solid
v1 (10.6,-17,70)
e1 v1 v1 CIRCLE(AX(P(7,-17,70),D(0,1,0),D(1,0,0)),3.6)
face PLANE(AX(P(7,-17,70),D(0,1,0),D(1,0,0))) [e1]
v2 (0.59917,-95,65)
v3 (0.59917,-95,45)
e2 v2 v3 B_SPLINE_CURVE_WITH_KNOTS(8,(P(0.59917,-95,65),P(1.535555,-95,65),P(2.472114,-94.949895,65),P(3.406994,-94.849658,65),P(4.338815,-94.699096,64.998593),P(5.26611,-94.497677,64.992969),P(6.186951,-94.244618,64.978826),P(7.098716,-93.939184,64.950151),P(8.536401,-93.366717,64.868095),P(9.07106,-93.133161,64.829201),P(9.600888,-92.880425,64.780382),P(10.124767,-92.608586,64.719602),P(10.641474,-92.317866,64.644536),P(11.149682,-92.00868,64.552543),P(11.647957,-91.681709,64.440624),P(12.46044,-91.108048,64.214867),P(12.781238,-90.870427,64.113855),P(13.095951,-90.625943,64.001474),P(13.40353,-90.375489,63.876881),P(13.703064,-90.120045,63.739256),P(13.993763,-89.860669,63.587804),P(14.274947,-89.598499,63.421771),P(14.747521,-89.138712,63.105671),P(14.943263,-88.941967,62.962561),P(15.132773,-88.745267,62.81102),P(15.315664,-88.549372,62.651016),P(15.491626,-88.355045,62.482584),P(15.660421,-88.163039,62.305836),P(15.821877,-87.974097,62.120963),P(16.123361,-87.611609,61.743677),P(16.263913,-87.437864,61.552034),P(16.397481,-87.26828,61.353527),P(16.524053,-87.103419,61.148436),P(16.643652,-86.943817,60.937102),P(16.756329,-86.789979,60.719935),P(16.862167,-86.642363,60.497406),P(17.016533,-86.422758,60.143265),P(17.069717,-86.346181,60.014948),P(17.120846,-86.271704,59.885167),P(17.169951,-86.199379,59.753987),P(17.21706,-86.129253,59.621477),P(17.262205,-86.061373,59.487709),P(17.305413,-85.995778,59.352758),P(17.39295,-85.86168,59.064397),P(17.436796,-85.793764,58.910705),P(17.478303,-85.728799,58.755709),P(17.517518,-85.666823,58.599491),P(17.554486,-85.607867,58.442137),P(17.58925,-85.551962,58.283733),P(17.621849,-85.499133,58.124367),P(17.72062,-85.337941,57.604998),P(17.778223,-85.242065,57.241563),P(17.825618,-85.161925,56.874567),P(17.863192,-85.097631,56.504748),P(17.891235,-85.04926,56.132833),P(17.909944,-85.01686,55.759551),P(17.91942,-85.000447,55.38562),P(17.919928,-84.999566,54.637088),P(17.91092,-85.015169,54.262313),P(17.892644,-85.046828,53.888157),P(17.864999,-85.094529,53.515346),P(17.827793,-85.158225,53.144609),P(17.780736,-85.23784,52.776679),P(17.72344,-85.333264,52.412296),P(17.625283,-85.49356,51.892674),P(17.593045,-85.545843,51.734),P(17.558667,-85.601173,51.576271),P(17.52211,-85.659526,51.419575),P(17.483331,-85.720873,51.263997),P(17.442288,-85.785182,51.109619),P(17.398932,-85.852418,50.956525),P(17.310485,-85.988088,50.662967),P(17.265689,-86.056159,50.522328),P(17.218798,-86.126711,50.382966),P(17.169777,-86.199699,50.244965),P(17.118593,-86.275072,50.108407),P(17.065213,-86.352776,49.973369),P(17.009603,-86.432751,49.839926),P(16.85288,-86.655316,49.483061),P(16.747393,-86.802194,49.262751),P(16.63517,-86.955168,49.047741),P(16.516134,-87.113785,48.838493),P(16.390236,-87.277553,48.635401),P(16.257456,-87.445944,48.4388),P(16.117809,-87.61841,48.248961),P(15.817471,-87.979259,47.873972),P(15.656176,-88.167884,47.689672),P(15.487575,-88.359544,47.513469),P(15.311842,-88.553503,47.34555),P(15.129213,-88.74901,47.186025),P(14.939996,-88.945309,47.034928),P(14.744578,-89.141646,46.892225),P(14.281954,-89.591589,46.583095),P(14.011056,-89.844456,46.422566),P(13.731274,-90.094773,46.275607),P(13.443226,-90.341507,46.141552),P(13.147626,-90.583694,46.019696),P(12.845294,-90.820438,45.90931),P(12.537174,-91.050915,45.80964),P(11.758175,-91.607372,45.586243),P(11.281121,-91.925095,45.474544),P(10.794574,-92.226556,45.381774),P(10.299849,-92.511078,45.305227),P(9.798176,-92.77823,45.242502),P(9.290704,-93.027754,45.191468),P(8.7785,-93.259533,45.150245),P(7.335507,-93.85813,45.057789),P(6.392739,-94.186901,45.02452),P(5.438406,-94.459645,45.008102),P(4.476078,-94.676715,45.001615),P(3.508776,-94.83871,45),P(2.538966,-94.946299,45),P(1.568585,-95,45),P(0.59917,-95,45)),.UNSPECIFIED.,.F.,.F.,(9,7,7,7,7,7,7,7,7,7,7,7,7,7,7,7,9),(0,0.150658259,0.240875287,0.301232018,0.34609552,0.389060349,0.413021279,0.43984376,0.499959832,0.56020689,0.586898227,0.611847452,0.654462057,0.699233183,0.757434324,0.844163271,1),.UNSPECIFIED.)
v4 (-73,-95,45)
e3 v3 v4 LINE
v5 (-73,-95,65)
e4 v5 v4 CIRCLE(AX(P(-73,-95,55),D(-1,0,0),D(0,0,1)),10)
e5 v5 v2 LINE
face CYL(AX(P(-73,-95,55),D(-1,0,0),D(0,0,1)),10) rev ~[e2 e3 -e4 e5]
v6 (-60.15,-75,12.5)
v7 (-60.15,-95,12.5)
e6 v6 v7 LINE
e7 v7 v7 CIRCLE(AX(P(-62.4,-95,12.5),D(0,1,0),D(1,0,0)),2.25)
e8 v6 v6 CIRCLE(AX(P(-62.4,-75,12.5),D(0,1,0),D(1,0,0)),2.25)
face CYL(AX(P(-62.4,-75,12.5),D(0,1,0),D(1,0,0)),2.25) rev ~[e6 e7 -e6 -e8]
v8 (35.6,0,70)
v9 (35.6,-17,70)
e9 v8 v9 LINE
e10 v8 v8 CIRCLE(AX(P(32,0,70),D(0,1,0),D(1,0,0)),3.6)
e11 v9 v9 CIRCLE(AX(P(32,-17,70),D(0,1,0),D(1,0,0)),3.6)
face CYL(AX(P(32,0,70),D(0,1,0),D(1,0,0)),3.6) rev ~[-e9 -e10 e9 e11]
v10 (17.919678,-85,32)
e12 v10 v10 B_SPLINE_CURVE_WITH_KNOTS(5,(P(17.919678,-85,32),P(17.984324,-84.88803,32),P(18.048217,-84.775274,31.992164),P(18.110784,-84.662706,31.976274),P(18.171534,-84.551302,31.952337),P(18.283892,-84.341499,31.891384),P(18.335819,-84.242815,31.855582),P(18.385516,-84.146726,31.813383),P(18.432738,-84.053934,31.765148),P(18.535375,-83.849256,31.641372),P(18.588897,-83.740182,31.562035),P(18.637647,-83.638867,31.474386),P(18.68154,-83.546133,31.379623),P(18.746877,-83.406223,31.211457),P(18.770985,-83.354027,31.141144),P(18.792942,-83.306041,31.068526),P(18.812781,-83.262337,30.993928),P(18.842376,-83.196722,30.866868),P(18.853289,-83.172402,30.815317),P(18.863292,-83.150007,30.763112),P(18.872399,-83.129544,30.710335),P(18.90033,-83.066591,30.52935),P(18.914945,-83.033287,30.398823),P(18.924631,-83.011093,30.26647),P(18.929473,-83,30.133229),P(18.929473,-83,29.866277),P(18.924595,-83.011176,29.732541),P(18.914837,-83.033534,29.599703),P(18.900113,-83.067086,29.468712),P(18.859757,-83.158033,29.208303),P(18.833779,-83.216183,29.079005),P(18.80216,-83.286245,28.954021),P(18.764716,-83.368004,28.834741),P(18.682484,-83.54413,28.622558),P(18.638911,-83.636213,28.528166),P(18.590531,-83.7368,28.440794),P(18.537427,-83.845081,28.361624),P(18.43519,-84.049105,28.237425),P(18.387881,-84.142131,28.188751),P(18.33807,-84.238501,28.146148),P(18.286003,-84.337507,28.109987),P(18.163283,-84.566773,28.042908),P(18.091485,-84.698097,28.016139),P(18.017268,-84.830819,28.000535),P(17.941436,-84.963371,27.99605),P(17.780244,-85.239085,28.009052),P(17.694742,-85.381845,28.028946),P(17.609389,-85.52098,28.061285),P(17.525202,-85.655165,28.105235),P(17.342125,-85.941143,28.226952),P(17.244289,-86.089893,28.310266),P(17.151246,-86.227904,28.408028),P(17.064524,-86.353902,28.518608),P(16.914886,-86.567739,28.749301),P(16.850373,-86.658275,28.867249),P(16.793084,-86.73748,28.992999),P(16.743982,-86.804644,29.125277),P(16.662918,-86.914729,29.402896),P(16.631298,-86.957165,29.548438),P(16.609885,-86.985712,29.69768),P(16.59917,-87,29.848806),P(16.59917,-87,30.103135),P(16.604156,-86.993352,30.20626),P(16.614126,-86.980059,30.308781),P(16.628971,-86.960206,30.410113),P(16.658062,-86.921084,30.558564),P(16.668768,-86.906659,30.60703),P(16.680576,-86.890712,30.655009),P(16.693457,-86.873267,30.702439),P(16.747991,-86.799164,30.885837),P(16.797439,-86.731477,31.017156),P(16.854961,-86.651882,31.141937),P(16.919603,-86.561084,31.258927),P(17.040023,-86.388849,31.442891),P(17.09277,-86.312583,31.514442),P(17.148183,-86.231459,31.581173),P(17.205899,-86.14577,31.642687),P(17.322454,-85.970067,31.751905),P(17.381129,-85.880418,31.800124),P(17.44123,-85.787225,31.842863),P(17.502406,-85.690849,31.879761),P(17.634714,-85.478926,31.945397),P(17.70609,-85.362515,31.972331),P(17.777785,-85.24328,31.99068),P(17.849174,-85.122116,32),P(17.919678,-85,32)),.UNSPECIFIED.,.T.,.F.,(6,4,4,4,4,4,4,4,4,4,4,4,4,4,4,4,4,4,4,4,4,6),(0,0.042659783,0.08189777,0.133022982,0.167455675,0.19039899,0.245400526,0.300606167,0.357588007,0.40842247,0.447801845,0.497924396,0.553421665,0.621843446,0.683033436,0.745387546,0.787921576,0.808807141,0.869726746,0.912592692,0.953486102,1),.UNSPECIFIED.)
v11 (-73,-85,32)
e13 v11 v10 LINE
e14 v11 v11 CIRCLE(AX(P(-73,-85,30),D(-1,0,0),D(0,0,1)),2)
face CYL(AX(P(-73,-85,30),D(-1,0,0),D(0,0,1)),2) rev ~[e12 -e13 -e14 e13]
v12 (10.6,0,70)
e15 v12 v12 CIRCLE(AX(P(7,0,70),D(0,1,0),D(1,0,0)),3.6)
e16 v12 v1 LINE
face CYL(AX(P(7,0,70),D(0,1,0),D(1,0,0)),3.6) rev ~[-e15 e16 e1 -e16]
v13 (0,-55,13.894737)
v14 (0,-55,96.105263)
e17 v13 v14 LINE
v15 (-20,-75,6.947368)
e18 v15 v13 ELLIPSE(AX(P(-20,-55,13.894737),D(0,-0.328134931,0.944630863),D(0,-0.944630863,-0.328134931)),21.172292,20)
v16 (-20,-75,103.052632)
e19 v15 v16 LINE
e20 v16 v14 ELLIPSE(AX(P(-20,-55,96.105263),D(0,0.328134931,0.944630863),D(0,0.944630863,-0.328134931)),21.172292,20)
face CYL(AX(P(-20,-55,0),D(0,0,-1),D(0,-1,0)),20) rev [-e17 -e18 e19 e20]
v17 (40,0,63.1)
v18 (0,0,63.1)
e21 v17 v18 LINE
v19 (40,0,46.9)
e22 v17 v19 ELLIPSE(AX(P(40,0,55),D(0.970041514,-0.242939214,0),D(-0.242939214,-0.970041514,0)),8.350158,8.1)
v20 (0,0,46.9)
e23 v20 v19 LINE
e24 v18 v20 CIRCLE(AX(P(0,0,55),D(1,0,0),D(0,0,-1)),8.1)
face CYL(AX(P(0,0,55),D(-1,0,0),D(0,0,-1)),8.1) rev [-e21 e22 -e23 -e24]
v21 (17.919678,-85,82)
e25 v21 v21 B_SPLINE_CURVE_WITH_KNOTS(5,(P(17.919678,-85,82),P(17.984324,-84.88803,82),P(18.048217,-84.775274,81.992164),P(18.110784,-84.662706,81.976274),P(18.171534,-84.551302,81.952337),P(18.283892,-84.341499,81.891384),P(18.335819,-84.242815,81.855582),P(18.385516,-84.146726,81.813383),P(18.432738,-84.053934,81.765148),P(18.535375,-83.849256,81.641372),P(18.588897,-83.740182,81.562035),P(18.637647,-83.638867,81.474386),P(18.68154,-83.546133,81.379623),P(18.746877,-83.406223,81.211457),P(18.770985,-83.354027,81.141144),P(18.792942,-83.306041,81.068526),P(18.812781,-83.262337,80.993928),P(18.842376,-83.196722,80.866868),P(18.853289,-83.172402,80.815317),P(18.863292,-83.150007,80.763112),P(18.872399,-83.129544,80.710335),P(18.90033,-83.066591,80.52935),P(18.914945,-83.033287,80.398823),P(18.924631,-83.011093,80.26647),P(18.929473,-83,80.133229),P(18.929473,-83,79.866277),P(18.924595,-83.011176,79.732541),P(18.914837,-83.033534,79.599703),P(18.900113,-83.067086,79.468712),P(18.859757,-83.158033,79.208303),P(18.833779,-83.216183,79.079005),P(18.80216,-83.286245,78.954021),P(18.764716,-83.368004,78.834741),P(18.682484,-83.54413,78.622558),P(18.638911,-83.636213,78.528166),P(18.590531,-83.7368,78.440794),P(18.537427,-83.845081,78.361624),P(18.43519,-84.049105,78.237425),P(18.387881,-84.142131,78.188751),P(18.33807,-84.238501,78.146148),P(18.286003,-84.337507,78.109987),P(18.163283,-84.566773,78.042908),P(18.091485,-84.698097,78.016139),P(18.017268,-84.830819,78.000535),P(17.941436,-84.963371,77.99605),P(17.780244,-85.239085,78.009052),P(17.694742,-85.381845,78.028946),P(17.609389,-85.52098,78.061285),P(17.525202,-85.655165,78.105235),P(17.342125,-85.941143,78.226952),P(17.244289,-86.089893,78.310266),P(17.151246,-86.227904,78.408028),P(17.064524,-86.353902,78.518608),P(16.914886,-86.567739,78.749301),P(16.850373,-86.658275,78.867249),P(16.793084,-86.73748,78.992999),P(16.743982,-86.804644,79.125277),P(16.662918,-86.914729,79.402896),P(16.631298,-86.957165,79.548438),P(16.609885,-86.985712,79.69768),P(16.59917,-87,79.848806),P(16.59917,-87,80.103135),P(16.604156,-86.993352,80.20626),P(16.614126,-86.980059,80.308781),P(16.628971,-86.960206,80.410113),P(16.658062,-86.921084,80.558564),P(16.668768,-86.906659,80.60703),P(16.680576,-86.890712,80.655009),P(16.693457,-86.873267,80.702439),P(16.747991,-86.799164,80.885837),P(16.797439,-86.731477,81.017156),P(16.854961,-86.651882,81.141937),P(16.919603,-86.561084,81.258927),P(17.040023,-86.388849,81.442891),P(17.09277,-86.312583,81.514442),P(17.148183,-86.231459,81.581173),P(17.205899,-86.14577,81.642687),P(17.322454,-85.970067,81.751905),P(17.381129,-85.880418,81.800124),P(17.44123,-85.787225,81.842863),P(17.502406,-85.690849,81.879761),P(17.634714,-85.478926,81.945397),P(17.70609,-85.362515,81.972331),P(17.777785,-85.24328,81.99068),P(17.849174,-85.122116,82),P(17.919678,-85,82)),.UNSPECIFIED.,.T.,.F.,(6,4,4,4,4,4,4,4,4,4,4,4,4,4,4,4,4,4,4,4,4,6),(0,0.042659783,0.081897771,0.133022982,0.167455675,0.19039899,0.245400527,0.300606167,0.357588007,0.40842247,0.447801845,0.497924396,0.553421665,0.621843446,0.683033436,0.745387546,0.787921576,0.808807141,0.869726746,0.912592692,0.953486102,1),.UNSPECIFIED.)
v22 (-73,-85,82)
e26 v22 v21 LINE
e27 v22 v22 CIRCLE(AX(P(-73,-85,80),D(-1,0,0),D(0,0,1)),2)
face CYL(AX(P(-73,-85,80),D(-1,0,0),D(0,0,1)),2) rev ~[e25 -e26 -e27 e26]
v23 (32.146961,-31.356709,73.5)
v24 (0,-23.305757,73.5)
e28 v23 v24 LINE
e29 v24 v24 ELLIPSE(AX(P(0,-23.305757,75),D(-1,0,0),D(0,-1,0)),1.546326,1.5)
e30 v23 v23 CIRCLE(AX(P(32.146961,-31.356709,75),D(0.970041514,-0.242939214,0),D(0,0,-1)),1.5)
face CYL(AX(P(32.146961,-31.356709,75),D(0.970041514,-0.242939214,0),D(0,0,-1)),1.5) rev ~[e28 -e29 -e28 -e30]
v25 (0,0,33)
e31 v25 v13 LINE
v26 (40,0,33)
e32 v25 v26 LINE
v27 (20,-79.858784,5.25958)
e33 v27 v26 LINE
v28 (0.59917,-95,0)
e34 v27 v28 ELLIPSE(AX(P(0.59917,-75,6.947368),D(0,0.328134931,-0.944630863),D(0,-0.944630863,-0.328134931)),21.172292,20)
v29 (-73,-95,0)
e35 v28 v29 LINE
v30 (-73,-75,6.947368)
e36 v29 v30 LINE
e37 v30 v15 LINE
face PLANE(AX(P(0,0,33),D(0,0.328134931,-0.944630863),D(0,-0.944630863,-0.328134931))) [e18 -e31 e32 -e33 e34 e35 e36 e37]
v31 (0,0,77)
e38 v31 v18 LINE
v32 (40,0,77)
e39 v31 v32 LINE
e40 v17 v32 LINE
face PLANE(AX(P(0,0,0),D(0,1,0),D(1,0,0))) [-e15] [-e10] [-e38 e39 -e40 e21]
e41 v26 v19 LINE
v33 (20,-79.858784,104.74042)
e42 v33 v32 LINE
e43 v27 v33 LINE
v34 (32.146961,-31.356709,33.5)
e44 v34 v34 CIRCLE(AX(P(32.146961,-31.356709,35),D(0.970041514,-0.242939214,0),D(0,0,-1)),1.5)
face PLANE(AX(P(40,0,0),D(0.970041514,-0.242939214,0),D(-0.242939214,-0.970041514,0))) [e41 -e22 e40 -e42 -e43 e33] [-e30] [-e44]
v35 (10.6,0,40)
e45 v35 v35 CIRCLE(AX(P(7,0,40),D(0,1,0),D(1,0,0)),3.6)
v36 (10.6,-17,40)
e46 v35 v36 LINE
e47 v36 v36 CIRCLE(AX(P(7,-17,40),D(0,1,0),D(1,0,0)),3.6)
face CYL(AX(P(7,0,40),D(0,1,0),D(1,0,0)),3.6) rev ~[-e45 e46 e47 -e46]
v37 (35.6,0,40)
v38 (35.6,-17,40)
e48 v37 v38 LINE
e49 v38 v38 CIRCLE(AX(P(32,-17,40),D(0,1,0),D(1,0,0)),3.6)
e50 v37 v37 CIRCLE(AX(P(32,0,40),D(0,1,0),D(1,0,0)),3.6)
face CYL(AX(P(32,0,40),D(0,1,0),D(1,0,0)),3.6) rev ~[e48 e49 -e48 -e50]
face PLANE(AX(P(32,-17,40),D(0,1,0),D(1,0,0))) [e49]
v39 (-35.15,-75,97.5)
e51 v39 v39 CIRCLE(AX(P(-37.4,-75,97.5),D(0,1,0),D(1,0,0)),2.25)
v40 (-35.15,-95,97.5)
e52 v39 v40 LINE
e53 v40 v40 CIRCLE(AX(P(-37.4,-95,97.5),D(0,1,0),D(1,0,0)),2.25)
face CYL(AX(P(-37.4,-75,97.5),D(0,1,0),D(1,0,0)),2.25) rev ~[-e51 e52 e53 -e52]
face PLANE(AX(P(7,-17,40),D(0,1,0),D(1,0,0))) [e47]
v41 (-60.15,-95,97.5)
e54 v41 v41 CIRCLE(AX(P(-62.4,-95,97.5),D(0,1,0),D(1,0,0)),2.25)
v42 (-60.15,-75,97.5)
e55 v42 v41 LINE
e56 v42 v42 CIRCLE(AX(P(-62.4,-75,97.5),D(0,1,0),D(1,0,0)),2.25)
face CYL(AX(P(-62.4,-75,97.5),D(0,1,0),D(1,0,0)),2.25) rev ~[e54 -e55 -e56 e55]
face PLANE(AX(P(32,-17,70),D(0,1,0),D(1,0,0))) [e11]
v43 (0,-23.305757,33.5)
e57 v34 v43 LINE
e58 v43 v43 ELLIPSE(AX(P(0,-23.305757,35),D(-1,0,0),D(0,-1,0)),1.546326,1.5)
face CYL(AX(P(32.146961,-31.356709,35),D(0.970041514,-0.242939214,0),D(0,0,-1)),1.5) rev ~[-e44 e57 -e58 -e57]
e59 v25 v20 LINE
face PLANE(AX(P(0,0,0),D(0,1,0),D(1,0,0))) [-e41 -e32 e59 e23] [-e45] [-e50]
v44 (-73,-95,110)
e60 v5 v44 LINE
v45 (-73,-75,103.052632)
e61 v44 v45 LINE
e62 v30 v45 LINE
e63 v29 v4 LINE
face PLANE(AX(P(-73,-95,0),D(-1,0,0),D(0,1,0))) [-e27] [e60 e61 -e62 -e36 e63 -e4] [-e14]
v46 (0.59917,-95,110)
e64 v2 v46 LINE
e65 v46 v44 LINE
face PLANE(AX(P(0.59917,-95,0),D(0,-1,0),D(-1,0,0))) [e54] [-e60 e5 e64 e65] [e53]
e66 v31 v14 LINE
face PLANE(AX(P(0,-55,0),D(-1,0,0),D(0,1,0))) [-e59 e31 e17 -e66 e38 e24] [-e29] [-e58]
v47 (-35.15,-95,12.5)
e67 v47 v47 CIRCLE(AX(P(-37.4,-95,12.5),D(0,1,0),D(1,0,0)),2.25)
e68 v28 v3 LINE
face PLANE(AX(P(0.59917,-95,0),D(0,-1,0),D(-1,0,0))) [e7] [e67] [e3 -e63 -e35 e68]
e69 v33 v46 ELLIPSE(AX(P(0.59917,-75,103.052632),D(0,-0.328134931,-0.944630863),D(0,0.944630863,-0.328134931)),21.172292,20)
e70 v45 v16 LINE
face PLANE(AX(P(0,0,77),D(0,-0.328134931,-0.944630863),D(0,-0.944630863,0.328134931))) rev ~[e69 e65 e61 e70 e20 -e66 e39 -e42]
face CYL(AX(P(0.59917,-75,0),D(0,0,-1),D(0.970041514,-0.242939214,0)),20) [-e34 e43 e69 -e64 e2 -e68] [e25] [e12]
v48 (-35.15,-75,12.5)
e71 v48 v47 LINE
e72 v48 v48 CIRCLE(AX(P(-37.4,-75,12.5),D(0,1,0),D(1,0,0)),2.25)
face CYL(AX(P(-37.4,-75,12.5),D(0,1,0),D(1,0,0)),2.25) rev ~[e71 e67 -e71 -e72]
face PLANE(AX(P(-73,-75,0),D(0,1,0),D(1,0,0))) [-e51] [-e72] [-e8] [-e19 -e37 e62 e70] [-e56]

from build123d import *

# Parameters (mm, degrees)
BOSS_EXTRUDE1_DEPTH     = 110
SKETCH2_R               = 8.1
CUT_EXTRUDE1_DEPTH      = 41
CUT_EXTRUDE2_DEPTH      = 74
CUT_EXTRUDE2_DEPTH_BACK = 41
SKETCH3_R               = 2.25
CUT_EXTRUDE3_DEPTH      = 21
SKETCH5_R               = 3.6
CUT_EXTRUDE4_DEPTH      = 17
SKETCH6_R               = 10
SKETCH6_R_2             = 2
CUT_EXTRUDE5_DEPTH      = 149
SKETCH7_R               = 1.5
CUT_EXTRUDE6_DEPTH      = 43


with BuildPart() as part:
    # Sketch1 → Boss-Extrude1 (new body)
    with BuildSketch(Plane.XY):
        with BuildLine():
            Line((0, 0), (40, 0))
            Line((40, 0), (20, -79.858784278))
            ThreePointArc((20, -79.858784278), (12.904134464, -90.766668728), (0.599169725, -95))
            Line((0.599169725, -95), (-73, -95))
            Line((-73, -95), (-73, -75))
            Line((-73, -75), (-20, -75))
            ThreePointArc((-20, -75), (-5.857864376, -69.142135624), (0, -55))
            Line((0, -55), (0, 0))
        make_face()
    extrude(amount=BOSS_EXTRUDE1_DEPTH)

    # Sketch2 → Cut-Extrude1 (cut, through all)
    with BuildSketch(Plane(origin=(0, -4.784896585, 0), x_dir=(0, 0, -1), z_dir=(1, 0, 0))):
        with Locations((-55, 4.784896585)):
            Circle(SKETCH2_R)
    extrude(amount=CUT_EXTRUDE1_DEPTH, mode=Mode.SUBTRACT)

    # Sketch4 → Cut-Extrude2 (cut, two sides)
    with BuildSketch(Plane.ZY) as cut_extrude2_sk:
        Polygon((33, 0), (0, -95), (0, 0), align=None)
        Polygon((77, 0), (110, -95), (110, 0), align=None)
    extrude(amount=CUT_EXTRUDE2_DEPTH, mode=Mode.SUBTRACT)
    extrude(cut_extrude2_sk.sketch, amount=-CUT_EXTRUDE2_DEPTH_BACK, mode=Mode.SUBTRACT)

    # Sketch3 → Cut-Extrude3 (cut, through all)
    with BuildSketch(Plane(origin=(0, -75, 0), x_dir=(1, 0, 0), z_dir=(0, 1, 0))):
        with Locations((-62.4, -12.5)):
            Circle(SKETCH3_R)
        with Locations((-62.4, -97.5)):
            Circle(SKETCH3_R)
        with Locations((-37.4, -12.5)):
            Circle(SKETCH3_R)
        with Locations((-37.4, -97.5)):
            Circle(SKETCH3_R)
    extrude(amount=-CUT_EXTRUDE3_DEPTH, mode=Mode.SUBTRACT)

    # Sketch5 → Cut-Extrude4 (cut)
    with BuildSketch(Plane(origin=(0, 0, 0), x_dir=(1, 0, 0), z_dir=(0, 1, 0))):
        with Locations((7, -40)):
            Circle(SKETCH5_R)
        with Locations((32, -40)):
            Circle(SKETCH5_R)
        with Locations((7, -70)):
            Circle(SKETCH5_R)
        with Locations((32, -70)):
            Circle(SKETCH5_R)
    extrude(amount=-CUT_EXTRUDE4_DEPTH, mode=Mode.SUBTRACT)

    # Sketch6 → Cut-Extrude5 (cut)
    with BuildSketch(Plane.ZY.offset(73)):
        with Locations((55, -95)):
            Circle(SKETCH6_R)
        with Locations((30, -85)):
            Circle(SKETCH6_R_2)
        with Locations((80, -85)):
            Circle(SKETCH6_R_2)
    extrude(amount=-CUT_EXTRUDE5_DEPTH, mode=Mode.SUBTRACT)

    # Sketch7 → Cut-Extrude6 (cut)
    with BuildSketch(Plane(origin=(37.639221534, -9.426444911, 0), x_dir=(0, 0, -1), z_dir=(0.970041514, -0.242939214, 0))):
        with Locations((-75, -22.607551707)):
            Circle(SKETCH7_R)
        with Locations((-35, -22.607551707)):
            Circle(SKETCH7_R)
    extrude(amount=-CUT_EXTRUDE6_DEPTH, mode=Mode.SUBTRACT)


solid = part.part
